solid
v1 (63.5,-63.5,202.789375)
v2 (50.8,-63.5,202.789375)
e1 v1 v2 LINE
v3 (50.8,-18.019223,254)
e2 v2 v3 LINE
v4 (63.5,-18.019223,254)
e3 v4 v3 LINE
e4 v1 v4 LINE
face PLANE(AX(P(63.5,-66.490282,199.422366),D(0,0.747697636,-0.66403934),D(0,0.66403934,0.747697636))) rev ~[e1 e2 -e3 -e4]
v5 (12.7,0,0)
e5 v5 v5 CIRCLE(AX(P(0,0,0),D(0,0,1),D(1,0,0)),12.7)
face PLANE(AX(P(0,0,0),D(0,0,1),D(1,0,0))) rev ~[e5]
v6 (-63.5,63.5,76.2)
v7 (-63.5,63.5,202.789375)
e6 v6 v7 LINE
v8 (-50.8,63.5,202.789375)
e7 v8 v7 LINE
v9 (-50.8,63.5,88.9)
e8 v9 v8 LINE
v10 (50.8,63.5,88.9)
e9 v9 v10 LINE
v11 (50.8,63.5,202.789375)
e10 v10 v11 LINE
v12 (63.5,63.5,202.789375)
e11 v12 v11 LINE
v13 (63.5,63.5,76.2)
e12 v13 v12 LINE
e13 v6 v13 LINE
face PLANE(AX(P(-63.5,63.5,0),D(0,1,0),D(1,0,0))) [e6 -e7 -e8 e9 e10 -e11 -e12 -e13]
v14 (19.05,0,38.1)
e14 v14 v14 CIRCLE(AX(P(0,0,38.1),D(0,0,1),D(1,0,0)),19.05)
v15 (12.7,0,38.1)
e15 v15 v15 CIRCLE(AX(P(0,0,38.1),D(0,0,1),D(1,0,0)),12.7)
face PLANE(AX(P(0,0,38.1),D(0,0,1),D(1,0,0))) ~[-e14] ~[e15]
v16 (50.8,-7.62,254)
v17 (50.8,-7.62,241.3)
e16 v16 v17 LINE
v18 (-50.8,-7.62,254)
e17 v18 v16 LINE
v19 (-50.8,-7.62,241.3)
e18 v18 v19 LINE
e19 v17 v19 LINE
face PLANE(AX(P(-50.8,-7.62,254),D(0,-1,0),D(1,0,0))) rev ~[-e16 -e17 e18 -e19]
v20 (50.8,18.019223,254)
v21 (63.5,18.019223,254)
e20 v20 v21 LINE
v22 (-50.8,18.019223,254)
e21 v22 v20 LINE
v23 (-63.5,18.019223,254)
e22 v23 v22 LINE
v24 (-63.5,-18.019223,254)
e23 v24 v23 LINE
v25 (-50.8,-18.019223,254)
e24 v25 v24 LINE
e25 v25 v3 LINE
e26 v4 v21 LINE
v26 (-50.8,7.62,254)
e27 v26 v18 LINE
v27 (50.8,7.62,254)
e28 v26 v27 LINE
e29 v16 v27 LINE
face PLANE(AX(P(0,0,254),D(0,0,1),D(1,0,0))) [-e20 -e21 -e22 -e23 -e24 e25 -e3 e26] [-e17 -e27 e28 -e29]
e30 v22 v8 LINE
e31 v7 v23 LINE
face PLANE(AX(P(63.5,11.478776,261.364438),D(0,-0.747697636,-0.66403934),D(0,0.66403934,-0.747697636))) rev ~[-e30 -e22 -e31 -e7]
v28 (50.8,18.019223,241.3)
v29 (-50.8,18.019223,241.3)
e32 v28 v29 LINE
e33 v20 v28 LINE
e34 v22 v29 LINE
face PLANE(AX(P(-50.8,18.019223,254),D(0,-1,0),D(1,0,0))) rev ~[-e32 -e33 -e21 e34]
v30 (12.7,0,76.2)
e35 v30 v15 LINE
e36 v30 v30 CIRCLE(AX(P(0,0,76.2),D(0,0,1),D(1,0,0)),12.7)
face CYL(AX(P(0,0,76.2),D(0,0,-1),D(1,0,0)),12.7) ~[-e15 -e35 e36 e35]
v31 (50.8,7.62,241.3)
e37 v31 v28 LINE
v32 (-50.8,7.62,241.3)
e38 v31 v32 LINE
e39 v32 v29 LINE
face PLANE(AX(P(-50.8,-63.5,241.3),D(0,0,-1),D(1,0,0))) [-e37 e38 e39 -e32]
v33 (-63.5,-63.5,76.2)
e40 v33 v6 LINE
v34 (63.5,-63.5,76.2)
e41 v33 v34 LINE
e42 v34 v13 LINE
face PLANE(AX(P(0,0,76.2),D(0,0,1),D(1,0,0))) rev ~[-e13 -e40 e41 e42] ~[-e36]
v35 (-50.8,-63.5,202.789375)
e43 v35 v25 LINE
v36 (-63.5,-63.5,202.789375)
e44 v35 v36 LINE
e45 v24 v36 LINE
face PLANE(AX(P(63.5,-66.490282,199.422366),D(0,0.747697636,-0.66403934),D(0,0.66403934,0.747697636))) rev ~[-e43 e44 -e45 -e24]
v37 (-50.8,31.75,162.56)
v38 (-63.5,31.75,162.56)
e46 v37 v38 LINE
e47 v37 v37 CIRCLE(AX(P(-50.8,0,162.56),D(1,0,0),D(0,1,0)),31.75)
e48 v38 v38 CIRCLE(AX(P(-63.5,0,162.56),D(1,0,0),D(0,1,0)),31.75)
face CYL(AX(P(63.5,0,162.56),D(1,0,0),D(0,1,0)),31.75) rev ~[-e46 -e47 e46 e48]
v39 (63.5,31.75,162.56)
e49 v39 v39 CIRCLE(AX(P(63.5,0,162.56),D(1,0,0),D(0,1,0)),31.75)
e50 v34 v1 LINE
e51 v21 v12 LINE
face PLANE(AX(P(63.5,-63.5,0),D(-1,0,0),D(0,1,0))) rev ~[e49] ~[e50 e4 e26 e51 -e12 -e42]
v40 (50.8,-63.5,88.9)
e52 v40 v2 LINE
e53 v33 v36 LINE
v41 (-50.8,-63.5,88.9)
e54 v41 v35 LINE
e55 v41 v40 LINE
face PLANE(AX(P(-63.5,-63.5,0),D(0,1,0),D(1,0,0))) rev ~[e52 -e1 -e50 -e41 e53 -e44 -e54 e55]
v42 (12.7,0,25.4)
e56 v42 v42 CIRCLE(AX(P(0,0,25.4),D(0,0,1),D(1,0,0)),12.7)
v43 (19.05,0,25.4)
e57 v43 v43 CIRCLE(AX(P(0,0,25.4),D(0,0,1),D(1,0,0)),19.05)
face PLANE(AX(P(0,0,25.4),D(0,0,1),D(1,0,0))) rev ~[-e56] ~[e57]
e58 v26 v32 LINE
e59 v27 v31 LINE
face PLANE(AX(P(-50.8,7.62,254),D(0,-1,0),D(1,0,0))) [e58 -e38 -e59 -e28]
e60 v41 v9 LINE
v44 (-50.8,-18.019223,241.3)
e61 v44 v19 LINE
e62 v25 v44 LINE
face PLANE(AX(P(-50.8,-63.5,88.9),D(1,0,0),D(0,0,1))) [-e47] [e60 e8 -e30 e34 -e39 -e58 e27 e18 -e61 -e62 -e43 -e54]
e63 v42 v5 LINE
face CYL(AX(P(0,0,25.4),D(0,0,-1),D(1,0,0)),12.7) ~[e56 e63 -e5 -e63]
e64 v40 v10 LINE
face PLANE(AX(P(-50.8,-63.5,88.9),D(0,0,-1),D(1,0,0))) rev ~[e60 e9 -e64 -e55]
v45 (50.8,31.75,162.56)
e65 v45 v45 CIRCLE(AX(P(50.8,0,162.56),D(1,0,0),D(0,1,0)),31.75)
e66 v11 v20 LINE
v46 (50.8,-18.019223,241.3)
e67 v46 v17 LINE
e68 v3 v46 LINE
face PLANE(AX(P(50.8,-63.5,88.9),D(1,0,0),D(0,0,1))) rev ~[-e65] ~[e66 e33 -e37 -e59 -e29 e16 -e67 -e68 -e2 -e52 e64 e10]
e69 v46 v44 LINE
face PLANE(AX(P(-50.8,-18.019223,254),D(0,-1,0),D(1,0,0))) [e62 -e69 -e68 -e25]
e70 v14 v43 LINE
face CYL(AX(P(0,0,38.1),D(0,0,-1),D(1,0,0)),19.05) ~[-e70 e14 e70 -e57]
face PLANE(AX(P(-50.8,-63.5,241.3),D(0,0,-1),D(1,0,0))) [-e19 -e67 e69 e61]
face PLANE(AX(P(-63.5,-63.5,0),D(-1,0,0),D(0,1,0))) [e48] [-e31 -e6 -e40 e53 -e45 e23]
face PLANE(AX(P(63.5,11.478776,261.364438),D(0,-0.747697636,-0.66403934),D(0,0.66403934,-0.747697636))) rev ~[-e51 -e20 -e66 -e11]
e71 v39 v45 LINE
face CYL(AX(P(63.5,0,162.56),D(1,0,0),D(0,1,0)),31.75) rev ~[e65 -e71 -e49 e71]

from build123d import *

# Parameters (mm, degrees)
F0_W      = 127
F0_H      = 127
F1_DEPTH  = 254
F5_W      = 101.6
F5_H      = 152.4
F6_DEPTH  = 127
F8_R      = 31.75
F9_DEPTH  = 254
F11_W     = 101.6
F11_H     = 25.9214961534
F11_H_2   = 7.62
F12_DEPTH = 25.4


with BuildPart() as f1:
    # F0 (on Top) → F1 (new body)
    with BuildSketch(Plane.XY):
        Rectangle(F0_W, F0_H)
    extrude(amount=F1_DEPTH)

    # F2 (on Front) → F3 (revolve, cut)
    with BuildSketch(Plane.XZ):
        Polygon((12.7, 25.4), (12.7, 0), (118.2309914892, 0), (118.2309914892, 76.2), (12.7, 76.2), (12.7, 38.1), (19.05, 38.1), (19.05, 25.4), align=None)
    revolve(axis=Axis((0, 0, 127.3276656866), (0, 0, 1)), mode=Mode.SUBTRACT)

    # F5 (on offset) → F6 (cut, through all)
    with BuildSketch(Plane.XZ.offset(63.5)):
        with Locations((0, 165.1)):
            Rectangle(F5_W, F5_H)
    extrude(amount=-F6_DEPTH, mode=Mode.SUBTRACT)

    # F8 (on offset) → F9 (cut)
    with BuildSketch(Plane.YZ.offset(63.5)):
        Polygon((-67.3566020369, 261.3644381861), (-66.4902816981, 199.4223662228), (-11.4787761731, 261.3644381861), align=None)
        Polygon((11.4787761731, 261.3644381861), (66.4902816981, 199.4223662228), (67.3566020369, 261.3644381861), align=None)
        with Locations((0, 162.56)):
            Circle(F8_R)
    extrude(amount=-F9_DEPTH, mode=Mode.SUBTRACT)

    # F11 (on offset) → F12 (cut)
    with BuildSketch(Plane.XY.offset(254)):
        with Locations((0, 30.9799711404)):
            Rectangle(F11_W, F11_H)
        with Locations((0, -30.9799711404)):
            Rectangle(F11_W, F11_H)
        with Locations((0, 3.81)):
            Rectangle(F11_W, F11_H_2)
        with Locations((0, -3.81)):
            Rectangle(F11_W, F11_H_2)
    extrude(amount=-F12_DEPTH, mode=Mode.SUBTRACT)


solid = f1.part
